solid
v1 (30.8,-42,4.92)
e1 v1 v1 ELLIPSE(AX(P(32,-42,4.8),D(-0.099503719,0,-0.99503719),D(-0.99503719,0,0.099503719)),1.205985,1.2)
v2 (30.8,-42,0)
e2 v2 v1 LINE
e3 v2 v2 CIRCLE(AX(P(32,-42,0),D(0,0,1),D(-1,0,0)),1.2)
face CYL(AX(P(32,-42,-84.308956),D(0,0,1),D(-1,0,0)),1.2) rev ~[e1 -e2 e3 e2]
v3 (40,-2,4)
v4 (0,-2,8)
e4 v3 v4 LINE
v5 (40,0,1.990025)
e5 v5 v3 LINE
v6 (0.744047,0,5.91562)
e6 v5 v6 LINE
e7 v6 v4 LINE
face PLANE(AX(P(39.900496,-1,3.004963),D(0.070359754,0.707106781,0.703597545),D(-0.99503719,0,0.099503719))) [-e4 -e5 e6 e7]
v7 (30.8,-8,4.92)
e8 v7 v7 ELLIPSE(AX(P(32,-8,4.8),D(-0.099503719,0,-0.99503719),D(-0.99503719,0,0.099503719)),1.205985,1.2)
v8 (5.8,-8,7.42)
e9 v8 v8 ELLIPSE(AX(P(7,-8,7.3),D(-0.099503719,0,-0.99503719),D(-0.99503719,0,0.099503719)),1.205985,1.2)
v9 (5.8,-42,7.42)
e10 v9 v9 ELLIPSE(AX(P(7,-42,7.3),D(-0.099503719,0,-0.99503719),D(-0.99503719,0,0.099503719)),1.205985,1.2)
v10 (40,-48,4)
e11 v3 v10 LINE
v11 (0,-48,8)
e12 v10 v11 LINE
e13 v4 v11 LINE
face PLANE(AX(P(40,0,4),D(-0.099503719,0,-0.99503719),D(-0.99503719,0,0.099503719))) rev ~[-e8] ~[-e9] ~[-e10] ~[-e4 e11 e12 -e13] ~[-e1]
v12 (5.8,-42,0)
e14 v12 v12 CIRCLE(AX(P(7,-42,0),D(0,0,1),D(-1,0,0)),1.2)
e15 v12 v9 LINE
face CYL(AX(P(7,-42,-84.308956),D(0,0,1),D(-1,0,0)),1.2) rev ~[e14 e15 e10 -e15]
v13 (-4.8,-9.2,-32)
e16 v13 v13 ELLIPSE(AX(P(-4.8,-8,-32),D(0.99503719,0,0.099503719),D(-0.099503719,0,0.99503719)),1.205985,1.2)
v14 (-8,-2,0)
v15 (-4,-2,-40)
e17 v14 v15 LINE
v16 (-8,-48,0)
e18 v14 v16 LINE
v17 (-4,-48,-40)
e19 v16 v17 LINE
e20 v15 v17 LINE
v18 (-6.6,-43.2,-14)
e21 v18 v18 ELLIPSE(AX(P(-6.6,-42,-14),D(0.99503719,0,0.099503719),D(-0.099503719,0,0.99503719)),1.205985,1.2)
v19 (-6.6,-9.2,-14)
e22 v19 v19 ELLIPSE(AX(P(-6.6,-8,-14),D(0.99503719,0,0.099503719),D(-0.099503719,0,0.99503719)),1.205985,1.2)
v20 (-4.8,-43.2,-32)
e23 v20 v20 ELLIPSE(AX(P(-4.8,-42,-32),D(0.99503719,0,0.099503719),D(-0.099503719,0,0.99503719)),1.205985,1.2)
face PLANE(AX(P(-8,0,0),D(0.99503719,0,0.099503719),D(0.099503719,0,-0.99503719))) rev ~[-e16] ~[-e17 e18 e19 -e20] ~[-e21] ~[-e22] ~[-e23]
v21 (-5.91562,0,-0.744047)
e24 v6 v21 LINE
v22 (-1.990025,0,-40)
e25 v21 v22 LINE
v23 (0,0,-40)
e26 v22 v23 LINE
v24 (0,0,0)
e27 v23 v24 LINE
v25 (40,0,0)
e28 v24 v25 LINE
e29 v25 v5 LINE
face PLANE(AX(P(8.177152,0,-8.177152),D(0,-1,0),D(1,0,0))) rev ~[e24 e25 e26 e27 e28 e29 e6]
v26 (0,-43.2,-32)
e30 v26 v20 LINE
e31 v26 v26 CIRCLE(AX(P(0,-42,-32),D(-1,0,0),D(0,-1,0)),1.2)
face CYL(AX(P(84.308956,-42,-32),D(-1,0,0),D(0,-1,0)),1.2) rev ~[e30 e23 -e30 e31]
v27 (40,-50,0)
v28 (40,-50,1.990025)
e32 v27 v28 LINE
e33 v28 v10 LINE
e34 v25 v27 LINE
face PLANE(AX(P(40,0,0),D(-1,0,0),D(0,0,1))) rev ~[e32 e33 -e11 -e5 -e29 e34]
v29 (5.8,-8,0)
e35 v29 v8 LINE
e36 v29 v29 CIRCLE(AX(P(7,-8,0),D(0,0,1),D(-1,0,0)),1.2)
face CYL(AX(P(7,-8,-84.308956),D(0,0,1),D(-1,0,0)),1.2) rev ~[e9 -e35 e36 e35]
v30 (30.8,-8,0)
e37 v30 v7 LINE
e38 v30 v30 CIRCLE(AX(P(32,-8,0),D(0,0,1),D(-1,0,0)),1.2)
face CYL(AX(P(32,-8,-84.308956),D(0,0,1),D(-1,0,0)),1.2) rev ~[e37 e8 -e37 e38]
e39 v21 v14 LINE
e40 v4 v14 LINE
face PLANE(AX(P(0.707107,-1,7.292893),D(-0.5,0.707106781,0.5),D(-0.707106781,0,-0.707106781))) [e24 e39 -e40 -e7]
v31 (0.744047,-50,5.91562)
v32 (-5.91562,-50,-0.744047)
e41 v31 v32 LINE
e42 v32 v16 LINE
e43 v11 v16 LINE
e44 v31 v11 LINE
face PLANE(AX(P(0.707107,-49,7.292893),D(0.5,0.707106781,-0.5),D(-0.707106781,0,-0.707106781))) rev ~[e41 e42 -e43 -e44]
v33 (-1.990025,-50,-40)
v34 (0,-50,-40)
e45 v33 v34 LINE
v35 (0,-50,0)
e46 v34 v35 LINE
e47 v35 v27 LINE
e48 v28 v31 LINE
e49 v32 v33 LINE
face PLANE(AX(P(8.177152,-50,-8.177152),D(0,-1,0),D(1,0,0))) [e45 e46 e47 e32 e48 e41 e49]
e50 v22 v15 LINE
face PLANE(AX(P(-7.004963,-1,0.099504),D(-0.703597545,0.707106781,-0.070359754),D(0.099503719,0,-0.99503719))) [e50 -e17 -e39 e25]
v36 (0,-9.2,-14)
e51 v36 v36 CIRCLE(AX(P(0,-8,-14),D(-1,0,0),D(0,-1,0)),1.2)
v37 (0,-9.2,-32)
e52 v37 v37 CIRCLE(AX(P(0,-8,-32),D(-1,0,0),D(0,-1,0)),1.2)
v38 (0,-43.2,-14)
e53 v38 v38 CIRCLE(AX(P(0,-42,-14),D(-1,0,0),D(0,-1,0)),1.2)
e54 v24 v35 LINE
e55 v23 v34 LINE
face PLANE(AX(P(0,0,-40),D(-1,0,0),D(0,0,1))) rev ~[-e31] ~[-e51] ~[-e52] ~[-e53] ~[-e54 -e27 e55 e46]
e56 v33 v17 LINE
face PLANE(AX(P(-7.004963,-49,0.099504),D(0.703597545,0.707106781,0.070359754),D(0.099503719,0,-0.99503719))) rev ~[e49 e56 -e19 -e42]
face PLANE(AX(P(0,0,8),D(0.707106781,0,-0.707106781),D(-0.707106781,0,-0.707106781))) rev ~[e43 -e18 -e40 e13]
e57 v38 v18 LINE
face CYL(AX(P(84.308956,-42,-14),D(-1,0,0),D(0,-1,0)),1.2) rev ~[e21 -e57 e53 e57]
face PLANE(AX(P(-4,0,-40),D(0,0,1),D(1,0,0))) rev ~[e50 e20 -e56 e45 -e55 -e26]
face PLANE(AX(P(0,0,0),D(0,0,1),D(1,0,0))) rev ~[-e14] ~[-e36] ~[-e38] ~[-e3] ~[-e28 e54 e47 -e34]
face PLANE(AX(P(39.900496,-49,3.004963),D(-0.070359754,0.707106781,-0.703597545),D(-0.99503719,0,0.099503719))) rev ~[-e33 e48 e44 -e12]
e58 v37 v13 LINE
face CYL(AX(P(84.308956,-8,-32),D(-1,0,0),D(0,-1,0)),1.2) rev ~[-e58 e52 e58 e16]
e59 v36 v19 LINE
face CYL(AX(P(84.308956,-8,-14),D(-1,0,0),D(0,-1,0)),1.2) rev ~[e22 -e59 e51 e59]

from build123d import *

# Parameters (mm, degrees)
F1_DEPTH = 50
F3_D     = 2.4
F5_D     = 2.4
F6_SIZE  = 2


with BuildPart() as f1:
    # F0 (on Front) → F1 (new body)
    with BuildSketch(Plane.XZ):
        Polygon((0, -40), (0, 0), (40, 0), (40, 4), (0, 8), (-8, 0), (-4, -40), align=None)
    extrude(amount=F1_DEPTH)

    # F3 (through all)
    with Locations(Plane(origin=(0, 0, 0), x_dir=(1, 0, 0), z_dir=(0, 0, -1))):
        with Locations((32, 42), (32, 8), (7, 8), (7, 42)):
            Hole(F3_D / 2)

    # F5 (through all)
    with Locations(Plane.YZ):
        with Locations((-42, -32), (-42, -14), (-8, -32), (-8, -14)):
            Hole(F5_D / 2)

    # F6
    f6_edges = [f1.edges().sort_by_distance(p)[0] for p in [
        (20, -50, 6),
        (-4, -50, 4),
        (-6, -50, -20),
        (-6, 0, -20),
        (20, 0, 6),
        (-4, 0, 4),
    ]]
    chamfer(f6_edges, length=F6_SIZE)


solid = f1.part
